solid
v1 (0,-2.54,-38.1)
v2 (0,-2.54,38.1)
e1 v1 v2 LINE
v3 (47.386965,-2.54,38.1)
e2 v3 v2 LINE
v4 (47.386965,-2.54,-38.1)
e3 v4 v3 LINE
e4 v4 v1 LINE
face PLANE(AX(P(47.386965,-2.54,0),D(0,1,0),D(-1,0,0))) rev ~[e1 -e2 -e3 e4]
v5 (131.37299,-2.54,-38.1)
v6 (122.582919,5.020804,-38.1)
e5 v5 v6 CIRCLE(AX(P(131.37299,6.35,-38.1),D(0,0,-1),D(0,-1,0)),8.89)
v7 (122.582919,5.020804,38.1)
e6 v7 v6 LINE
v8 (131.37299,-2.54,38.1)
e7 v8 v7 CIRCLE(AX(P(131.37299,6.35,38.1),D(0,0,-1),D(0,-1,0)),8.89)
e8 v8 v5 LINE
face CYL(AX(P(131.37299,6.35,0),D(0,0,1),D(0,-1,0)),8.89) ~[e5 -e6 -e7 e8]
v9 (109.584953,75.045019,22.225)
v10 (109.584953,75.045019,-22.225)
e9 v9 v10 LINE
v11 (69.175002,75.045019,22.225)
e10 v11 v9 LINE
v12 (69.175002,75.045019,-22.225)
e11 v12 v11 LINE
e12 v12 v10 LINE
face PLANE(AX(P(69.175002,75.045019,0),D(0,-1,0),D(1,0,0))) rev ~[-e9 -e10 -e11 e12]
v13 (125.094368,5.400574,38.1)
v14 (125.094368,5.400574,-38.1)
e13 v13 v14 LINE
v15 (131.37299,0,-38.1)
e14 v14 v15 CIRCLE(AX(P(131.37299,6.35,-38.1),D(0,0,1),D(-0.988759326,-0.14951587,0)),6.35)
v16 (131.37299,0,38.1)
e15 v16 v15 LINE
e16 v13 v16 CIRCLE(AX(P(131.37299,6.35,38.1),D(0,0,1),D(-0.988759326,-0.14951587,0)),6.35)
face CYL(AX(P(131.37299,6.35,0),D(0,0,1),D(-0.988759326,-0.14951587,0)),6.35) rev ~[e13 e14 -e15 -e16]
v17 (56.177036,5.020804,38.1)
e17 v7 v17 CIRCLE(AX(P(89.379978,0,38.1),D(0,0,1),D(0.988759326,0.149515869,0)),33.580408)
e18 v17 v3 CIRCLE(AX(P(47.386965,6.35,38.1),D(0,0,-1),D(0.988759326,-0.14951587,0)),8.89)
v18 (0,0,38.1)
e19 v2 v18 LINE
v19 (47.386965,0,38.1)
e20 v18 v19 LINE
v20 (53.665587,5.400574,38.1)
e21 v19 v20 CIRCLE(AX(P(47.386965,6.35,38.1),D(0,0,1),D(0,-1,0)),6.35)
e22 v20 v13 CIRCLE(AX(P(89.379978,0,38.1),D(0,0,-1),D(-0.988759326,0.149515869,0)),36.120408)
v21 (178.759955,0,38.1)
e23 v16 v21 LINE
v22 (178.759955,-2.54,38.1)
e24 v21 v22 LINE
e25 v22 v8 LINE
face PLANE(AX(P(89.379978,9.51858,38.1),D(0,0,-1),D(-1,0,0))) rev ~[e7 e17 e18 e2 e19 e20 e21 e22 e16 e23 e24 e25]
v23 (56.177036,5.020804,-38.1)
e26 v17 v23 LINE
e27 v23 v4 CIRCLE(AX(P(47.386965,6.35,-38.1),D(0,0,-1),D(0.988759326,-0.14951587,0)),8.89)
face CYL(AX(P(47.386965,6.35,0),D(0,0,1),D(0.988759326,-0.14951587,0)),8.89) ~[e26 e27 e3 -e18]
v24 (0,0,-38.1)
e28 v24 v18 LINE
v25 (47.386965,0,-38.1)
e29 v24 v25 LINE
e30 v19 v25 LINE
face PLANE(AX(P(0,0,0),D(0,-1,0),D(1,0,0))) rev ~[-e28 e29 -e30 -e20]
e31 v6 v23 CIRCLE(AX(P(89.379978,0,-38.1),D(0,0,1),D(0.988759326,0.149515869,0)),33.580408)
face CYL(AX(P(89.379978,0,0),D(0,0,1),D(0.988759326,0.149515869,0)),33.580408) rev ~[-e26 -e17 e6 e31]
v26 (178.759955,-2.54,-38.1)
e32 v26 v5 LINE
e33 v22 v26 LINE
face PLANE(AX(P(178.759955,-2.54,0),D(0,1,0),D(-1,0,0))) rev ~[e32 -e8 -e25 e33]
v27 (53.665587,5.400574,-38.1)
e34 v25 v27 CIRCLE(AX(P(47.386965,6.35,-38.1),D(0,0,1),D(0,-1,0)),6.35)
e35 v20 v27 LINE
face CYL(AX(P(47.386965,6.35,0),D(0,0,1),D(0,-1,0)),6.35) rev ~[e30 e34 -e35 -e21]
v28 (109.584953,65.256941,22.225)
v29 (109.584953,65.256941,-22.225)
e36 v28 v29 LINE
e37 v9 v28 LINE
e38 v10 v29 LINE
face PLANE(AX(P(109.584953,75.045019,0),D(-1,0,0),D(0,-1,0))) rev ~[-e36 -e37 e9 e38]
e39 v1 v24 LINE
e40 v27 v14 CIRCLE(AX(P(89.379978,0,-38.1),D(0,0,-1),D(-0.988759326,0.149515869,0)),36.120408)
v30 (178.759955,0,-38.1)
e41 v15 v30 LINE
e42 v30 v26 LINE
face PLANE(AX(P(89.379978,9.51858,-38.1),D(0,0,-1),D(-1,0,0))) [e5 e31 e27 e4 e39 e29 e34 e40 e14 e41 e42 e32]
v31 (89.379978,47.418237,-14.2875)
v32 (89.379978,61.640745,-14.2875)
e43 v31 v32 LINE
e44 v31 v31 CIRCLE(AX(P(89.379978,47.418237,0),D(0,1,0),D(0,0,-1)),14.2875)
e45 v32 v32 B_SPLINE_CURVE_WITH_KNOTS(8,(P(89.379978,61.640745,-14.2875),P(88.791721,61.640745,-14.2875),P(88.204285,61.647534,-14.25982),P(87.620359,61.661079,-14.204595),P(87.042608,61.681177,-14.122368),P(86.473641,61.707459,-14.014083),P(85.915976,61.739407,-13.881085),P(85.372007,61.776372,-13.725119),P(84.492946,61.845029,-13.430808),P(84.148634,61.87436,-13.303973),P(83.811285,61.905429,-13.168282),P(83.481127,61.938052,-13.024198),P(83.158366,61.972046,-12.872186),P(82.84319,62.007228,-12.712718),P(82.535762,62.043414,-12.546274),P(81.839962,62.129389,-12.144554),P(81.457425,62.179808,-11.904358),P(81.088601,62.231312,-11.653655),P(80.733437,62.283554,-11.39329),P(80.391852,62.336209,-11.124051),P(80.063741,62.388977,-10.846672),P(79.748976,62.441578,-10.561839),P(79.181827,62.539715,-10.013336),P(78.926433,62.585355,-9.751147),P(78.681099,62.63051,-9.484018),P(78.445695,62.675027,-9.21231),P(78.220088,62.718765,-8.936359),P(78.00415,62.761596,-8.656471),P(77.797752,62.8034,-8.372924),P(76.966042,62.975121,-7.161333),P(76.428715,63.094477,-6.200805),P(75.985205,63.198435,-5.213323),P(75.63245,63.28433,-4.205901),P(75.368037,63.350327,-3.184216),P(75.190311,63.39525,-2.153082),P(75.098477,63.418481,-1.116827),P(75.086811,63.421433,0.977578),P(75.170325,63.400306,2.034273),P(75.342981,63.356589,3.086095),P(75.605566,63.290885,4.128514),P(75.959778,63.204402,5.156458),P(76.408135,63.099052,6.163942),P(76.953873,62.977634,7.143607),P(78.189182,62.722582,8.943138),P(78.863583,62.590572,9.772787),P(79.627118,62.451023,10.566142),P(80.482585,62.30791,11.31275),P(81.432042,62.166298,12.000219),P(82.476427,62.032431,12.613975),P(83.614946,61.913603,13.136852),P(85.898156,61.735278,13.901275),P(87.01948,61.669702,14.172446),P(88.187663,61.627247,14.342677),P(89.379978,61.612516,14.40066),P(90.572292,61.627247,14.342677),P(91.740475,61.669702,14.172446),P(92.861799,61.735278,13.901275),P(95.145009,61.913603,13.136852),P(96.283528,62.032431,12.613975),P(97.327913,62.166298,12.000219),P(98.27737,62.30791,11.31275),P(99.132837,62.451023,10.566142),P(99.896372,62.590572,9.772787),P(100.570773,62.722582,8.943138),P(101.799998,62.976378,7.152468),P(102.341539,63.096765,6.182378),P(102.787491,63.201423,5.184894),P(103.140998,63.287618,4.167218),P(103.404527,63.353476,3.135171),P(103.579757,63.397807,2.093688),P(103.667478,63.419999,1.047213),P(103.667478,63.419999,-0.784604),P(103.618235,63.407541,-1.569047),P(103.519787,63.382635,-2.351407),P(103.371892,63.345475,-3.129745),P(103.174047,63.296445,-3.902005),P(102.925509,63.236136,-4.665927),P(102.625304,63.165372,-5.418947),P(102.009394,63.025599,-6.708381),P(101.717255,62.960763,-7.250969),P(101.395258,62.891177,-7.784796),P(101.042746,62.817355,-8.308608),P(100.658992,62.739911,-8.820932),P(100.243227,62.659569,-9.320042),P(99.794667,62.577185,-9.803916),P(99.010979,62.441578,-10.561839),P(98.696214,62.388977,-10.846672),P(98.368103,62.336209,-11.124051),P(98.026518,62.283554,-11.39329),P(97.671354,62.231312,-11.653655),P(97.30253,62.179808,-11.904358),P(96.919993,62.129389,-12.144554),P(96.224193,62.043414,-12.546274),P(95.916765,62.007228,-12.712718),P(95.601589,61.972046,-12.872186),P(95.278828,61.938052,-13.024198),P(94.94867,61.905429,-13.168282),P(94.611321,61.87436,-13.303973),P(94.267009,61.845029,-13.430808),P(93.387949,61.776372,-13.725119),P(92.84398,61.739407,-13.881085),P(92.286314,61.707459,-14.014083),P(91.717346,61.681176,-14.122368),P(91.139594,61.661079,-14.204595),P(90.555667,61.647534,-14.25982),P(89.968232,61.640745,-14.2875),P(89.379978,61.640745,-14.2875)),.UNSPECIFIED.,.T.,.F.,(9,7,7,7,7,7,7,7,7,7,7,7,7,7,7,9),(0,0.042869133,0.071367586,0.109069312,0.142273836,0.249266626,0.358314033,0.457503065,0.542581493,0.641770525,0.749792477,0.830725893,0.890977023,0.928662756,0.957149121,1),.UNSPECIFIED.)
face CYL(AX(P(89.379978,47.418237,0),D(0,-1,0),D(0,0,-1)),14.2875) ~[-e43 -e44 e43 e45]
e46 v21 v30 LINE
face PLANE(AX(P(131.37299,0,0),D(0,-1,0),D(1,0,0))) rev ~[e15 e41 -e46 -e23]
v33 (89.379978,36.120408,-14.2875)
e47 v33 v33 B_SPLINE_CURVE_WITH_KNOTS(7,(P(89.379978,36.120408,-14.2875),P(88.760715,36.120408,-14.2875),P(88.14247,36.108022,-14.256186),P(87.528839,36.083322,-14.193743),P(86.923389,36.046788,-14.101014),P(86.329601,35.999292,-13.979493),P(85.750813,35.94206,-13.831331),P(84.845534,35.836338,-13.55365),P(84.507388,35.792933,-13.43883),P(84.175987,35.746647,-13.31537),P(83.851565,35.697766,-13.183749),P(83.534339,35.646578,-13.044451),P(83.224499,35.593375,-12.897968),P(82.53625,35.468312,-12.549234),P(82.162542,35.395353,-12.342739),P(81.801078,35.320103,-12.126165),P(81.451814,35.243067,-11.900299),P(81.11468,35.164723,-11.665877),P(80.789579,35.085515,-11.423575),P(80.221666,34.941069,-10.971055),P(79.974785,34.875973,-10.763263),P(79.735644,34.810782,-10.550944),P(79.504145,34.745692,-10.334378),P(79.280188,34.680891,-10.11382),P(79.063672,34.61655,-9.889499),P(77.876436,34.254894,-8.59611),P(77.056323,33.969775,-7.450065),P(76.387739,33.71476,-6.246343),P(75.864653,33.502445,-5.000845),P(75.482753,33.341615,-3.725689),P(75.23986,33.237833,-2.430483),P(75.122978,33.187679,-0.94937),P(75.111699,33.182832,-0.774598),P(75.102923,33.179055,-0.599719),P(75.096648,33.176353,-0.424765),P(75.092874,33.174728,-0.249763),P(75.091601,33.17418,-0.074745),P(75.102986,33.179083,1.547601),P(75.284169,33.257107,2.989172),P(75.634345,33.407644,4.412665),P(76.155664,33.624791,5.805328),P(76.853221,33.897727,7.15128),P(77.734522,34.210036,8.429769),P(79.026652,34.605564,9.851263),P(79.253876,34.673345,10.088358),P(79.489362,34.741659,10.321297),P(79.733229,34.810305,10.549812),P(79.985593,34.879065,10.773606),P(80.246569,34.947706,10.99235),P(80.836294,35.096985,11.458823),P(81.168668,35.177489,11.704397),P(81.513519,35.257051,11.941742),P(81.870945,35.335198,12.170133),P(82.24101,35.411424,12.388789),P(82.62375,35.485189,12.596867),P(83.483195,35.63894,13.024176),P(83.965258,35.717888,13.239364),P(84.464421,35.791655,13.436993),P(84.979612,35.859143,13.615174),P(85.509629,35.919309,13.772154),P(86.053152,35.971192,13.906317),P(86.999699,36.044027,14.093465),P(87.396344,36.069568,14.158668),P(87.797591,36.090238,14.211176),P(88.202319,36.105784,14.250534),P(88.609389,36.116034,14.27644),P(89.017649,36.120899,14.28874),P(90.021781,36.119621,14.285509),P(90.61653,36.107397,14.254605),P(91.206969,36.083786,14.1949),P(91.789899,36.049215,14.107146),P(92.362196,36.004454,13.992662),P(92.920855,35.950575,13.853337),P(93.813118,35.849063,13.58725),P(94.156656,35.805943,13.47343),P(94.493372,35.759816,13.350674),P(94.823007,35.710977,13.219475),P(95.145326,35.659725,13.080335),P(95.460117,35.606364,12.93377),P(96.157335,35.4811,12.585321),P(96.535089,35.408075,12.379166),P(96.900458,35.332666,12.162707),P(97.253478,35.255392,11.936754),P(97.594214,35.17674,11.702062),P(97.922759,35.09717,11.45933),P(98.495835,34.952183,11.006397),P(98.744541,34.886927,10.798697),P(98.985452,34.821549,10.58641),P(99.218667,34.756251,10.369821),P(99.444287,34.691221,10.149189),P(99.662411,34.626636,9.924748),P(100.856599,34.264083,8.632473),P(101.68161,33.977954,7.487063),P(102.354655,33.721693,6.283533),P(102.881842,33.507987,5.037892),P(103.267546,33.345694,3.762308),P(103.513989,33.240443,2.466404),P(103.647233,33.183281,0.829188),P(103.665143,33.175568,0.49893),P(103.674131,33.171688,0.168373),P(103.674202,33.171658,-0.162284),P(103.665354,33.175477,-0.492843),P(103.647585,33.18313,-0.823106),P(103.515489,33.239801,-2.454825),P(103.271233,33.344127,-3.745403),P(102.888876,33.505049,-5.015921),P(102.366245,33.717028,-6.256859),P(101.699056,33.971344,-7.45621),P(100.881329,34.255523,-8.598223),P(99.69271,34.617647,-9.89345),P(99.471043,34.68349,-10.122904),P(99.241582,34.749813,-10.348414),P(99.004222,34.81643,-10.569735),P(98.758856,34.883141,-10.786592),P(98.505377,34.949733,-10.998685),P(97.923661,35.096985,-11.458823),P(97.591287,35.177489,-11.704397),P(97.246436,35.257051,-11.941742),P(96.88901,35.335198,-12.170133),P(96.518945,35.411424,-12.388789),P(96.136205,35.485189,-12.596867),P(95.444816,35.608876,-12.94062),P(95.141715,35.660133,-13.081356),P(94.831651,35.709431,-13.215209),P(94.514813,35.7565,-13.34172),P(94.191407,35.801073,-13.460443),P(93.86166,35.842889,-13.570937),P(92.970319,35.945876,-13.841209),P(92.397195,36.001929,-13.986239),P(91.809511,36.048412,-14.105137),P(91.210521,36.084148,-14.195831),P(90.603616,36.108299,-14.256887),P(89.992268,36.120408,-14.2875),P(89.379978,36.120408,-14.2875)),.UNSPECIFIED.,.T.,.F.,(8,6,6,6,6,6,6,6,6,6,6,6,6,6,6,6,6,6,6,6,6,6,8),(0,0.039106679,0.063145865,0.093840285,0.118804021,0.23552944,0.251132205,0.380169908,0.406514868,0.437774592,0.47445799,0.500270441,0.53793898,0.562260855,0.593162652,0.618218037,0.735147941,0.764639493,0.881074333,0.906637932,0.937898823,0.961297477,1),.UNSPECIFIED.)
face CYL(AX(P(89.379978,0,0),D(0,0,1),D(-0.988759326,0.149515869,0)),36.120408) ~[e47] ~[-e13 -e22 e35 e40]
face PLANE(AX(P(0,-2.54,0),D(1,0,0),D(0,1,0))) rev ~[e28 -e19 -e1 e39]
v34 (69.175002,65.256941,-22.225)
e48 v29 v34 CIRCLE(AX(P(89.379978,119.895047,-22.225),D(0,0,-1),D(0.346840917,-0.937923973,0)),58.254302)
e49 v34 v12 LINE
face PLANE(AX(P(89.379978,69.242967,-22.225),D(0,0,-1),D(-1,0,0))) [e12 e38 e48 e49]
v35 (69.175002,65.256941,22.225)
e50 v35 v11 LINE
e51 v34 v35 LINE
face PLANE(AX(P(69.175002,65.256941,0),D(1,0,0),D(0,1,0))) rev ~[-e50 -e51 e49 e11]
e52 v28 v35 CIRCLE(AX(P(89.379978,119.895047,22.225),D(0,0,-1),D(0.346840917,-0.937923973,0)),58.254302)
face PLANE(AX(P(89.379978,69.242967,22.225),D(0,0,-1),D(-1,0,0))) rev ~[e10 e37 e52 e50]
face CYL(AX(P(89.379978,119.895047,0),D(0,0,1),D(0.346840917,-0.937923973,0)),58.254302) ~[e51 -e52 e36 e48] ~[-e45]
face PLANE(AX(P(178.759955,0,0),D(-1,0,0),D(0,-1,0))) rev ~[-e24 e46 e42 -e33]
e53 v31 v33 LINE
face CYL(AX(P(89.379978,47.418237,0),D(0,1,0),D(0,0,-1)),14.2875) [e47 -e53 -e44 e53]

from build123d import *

# Parameters (mm, degrees)
EXTRUDE_THIN1_DEPTH             = 38.1
EXTRUDE1_DEPTH                  = 22.225
EXTRUDE2_REACH                  = 191.48
EXTRUDE2_END_RADIUS             = 58.254302176
SKETCH3_R                       = 14.2875
EXTRUDE2_DIRECTION_2_REACH      = 191.48
EXTRUDE2_DIRECTION_2_END_RADIUS = 36.120408138


with BuildPart() as part:
    # Sketch1 → Extrude-Thin1 (new, symmetric)
    with BuildSketch(Plane.XY):
        with BuildLine():
            Line((0, 0), (47.386965401, 0))
            ThreePointArc((47.386965401, 0), (51.527837673, 1.535887743), (53.665587121, 5.400574229))
            ThreePointArc((53.665587121, 5.400574229), (89.379977527, 36.120408138), (125.094367933, 5.400574229))
            ThreePointArc((125.094367933, 5.400574229), (127.232117381, 1.535887743), (131.372989653, 0))
            Line((131.372989653, 0), (178.759955054, 0))
            Line((178.759955054, 0), (178.759955054, -2.54))
            Line((178.759955054, -2.54), (131.372989653, -2.54))
            ThreePointArc((131.372989653, -2.54), (125.575768472, -0.38975716), (122.582919245, 5.02080392))
            ThreePointArc((122.582919245, 5.02080392), (89.379977527, 33.580408138), (56.177035809, 5.02080392))
            ThreePointArc((56.177035809, 5.02080392), (53.184186582, -0.38975716), (47.386965401, -2.54))
            Line((47.386965401, -2.54), (0, -2.54))
            Line((0, -2.54), (0, 0))
        make_face()
    extrude(amount=EXTRUDE_THIN1_DEPTH, both=True)



with BuildPart() as body_2:
    # Sketch2 → Extrude1 (new, symmetric)
    with BuildSketch(Plane.XY):
        with BuildLine():
            Line((69.175001958, 75.045019307), (109.584953096, 75.045019307))
            Line((109.584953096, 75.045019307), (109.584953096, 65.256940868))
            ThreePointArc((109.584953096, 65.256940868), (89.379977527, 61.640745213), (69.175001958, 65.256940868))
            Line((69.175001958, 65.256940868), (69.175001958, 75.045019307))
        make_face()
    extrude(amount=EXTRUDE1_DEPTH, both=True)


with BuildPart() as part_1:
    add(part.part)

    add(body_2.part)  # Extrude2 merges body 2
    # Extrude2: up to this cylinder (the profile starts outside it)
    extrude2_end = Plane(origin=(89.379977527, 119.89504739, 0), z_dir=(0, 0, -1)) * Cylinder(EXTRUDE2_END_RADIUS, 500.468604353, mode=Mode.PRIVATE)
    # Sketch3 → Extrude2 (add, up to the surface)
    with BuildSketch(Plane(origin=(0, 47.418237056, 0), x_dir=(-1, 0, 0), z_dir=(0, 1, 0)), mode=Mode.PRIVATE) as extrude2_sk1:
        with Locations(Location((-89.379977527, 0, 0), (0, 0, 270))):
            Circle(SKETCH3_R)
    extrude2_tool1 = extrude(extrude2_sk1.sketch, amount=EXTRUDE2_REACH, mode=Mode.PRIVATE) - extrude2_end
    add(extrude2_tool1.solids().sort_by_distance((89.379978, 47.418237, 0))[0])

    # Extrude2 direction 2: up to this cylinder (the profile starts outside it)
    extrude2_direction_2_end = Plane(origin=(89.379977527, 0, 0), z_dir=(0, 0, -1)) * Cylinder(EXTRUDE2_DIRECTION_2_END_RADIUS, 456.200816276, mode=Mode.PRIVATE)
    # Sketch3 → Extrude2 direction 2 (add, up to the surface)
    with BuildSketch(Plane(origin=(0, 47.418237056, 0), x_dir=(-1, 0, 0), z_dir=(0, 1, 0)), mode=Mode.PRIVATE) as extrude2_direction_2_sk1:
        with Locations(Location((-89.379977527, 0, 0), (0, 0, 270))):
            Circle(SKETCH3_R)
    extrude2_direction_2_tool1 = extrude(extrude2_direction_2_sk1.sketch, amount=-EXTRUDE2_DIRECTION_2_REACH, mode=Mode.PRIVATE) - extrude2_direction_2_end
    add(extrude2_direction_2_tool1.solids().sort_by_distance((89.379978, 47.418237, 0))[0])


solid = part_1.part
